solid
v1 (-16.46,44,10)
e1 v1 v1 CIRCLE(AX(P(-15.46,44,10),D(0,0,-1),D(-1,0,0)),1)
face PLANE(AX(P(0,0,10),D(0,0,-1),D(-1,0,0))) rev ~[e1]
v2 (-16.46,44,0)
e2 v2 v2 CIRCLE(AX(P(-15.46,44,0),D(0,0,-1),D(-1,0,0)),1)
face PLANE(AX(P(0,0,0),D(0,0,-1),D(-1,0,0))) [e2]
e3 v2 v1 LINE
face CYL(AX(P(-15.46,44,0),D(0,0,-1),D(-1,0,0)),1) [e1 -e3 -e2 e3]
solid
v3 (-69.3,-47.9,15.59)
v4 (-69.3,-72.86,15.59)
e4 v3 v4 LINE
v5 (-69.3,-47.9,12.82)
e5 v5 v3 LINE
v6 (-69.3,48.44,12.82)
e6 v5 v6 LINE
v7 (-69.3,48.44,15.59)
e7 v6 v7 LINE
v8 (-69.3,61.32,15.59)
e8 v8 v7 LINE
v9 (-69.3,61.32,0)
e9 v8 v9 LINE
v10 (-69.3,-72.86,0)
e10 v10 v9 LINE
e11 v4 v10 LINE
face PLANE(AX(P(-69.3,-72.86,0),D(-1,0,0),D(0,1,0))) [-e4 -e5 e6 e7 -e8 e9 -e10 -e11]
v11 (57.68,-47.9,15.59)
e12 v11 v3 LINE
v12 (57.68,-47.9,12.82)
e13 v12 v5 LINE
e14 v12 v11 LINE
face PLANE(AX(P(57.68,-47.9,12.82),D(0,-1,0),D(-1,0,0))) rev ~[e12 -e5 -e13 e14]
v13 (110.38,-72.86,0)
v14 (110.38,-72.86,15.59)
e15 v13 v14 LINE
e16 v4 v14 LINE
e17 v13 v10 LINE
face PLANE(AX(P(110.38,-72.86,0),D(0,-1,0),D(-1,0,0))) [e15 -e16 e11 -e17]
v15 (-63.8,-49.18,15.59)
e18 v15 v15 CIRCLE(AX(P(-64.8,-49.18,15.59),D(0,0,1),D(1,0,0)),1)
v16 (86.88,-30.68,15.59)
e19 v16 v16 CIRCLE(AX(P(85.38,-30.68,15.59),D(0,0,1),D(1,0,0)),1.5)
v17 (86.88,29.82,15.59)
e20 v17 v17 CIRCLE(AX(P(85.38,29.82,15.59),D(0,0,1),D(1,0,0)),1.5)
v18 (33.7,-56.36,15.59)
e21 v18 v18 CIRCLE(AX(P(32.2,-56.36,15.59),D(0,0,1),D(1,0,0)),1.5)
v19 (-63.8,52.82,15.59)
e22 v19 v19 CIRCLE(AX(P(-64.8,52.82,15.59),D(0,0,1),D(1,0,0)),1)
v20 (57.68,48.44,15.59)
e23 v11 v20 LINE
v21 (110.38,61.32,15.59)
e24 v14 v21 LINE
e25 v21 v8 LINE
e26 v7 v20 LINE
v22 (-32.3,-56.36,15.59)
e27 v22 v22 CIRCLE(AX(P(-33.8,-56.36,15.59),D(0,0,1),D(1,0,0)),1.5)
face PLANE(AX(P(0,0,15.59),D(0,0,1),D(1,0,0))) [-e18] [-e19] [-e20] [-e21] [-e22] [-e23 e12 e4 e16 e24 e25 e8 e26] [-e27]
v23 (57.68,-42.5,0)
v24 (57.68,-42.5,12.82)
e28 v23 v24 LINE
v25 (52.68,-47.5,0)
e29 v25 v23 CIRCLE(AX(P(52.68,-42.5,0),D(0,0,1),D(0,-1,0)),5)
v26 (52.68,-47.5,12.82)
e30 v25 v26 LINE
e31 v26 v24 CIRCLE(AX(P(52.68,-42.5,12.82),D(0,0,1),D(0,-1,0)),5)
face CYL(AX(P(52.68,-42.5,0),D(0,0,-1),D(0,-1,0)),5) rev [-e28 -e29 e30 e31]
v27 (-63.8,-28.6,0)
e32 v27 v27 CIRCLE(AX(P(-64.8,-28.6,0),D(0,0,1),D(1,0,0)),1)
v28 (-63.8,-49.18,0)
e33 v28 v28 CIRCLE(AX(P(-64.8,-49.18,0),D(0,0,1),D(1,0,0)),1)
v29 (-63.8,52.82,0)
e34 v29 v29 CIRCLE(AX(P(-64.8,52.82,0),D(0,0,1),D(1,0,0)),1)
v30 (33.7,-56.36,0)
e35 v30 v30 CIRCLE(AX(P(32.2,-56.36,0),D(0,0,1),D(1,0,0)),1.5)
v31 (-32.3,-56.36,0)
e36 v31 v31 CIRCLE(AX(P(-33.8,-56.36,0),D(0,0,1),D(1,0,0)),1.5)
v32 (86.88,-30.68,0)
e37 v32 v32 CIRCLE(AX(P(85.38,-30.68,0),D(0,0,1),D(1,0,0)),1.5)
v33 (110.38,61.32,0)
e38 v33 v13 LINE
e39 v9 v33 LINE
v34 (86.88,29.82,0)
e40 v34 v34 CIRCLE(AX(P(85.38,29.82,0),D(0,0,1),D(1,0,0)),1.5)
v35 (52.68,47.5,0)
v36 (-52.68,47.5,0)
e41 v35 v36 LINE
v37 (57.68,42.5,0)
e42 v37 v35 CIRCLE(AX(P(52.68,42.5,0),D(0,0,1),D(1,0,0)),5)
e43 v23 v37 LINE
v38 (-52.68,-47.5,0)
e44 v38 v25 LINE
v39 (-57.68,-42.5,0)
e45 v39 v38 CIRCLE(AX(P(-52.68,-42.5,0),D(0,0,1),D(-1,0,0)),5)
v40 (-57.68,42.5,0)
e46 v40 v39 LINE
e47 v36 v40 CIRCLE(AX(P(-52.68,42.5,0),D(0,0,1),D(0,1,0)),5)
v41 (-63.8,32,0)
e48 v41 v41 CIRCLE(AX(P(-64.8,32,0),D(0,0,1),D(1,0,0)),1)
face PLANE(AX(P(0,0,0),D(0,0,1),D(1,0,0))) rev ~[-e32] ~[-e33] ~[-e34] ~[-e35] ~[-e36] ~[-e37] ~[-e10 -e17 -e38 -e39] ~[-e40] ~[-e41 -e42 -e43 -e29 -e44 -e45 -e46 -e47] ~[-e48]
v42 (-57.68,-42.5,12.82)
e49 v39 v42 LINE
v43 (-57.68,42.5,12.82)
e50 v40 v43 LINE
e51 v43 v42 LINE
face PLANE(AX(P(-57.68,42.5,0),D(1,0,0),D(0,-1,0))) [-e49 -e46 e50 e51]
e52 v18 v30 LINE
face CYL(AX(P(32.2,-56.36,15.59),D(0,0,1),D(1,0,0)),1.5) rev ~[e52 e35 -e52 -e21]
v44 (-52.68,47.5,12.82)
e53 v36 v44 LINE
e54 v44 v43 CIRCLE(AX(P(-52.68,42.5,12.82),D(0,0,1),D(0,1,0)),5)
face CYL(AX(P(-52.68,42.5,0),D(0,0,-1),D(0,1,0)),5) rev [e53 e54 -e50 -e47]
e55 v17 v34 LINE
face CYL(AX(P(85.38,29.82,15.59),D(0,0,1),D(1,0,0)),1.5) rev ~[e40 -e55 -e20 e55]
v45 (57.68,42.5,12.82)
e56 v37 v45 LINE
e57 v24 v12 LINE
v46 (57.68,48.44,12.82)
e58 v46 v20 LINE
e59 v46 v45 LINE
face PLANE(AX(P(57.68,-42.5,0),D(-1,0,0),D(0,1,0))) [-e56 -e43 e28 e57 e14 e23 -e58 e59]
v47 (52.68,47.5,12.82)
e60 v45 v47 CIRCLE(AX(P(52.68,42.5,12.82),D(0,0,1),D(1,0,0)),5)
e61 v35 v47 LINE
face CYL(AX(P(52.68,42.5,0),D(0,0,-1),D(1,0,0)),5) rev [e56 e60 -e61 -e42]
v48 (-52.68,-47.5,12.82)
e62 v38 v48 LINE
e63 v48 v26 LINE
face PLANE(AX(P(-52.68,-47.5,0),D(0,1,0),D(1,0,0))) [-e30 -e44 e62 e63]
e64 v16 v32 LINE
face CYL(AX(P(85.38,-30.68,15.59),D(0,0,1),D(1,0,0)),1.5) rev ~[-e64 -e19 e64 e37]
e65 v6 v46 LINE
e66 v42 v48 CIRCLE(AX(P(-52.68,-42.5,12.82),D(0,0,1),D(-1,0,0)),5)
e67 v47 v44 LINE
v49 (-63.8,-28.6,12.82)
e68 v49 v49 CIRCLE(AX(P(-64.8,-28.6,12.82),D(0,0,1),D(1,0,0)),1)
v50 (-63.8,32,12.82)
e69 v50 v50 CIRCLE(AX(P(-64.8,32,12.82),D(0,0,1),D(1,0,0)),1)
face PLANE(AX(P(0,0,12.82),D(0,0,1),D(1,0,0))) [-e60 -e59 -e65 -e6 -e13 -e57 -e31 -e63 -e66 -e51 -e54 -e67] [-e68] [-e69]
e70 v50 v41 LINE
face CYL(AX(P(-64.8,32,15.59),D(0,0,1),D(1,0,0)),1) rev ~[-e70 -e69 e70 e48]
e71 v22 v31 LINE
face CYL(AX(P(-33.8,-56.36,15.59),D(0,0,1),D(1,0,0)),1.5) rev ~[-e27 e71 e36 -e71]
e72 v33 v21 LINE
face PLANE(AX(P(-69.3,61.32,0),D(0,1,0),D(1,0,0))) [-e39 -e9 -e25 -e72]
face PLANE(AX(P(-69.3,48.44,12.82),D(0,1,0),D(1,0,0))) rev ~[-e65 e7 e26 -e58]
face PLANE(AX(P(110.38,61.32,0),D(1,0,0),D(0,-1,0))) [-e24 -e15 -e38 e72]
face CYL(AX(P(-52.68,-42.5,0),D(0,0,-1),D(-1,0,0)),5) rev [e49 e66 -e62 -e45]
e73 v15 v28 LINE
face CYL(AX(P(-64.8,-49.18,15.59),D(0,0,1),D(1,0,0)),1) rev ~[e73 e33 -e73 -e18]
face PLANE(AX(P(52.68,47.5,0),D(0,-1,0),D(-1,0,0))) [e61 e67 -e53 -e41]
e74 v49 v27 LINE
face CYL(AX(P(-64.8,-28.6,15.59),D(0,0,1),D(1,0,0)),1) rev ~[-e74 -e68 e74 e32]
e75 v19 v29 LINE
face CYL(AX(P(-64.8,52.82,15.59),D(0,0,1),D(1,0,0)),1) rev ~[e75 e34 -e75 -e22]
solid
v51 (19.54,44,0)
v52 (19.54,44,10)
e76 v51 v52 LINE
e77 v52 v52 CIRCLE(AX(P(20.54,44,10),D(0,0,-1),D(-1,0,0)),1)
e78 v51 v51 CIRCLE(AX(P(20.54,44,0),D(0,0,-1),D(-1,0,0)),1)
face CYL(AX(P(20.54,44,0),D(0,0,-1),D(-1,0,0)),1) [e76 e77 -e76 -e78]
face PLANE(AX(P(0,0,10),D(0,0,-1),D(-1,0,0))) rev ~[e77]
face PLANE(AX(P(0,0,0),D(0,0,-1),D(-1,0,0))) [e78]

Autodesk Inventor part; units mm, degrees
ref_plane "YZ Plane" through (0, 0, 0) normal (1, 0, 0) x (0, 1, 0)
ref_plane "XZ Plane" through (0, 0, 0) normal (0, 1, 0) x (-1, 0, 0)
ref_plane "XY Plane" through (0, 0, 0) normal (0, 0, 1) x (1, 0, 0)
sketch "Skizze1" plane through (0, 0, 0) normal (0, 0, 1) x (1, 0, 0)
  line L0 (52.68, 47.5) -> (-52.68, 47.5)
  line L1 (-57.68, 42.5) -> (-57.68, -42.5)
  line L2 (-52.68, -47.5) -> (52.68, -47.5)
  line L3 (57.68, -42.5) -> (57.68, 42.5)
  line L4 (57.68, 47.5) -> (-57.68, -47.5) construction
  line L5 (-57.68, 47.5) -> (57.68, -47.5) construction
  arc A0 (-52.68, 47.5) -> (-57.68, 42.5) centre (-52.68, 42.5) ccw
  arc A1 (57.68, 42.5) -> (52.68, 47.5) centre (52.68, 42.5) ccw
  arc A2 (52.68, -47.5) -> (57.68, -42.5) centre (52.68, -42.5) ccw
  arc A3 (-57.68, -42.5) -> (-52.68, -47.5) centre (-52.68, -42.5) ccw
  line L6 (110.38, -72.86) -> (-69.3, -72.86)
  line L7 (-69.3, -72.86) -> (-69.3, 61.32)
  line L8 (-69.3, 61.32) -> (110.38, 61.32)
  line L9 (110.38, 61.32) -> (110.38, -72.86)
  point P0 (0, 0)
  dimension "d0" = 115.36
  dimension "d1" = 95
  dimension "d2" = 5
  dimension "d3" = 52.7
  dimension "d4" = 25.36
  dimension "d5" = 11.62
  dimension "d6" = 13.82
extrude "Extrusion1" add sketch "Skizze1" along normal blind 12.82
sketch "Skizze2" plane through (0, 0, 12.82) normal (0, 0, 1) x (1, 0, 0)
  line L0 (110.38, 61.32) -> (-69.3, 61.32) projected
  line L1 (-69.3, 61.32) -> (-69.3, -72.86) projected
  line L2 (-69.3, -72.86) -> (110.38, -72.86) projected
  line L3 (110.38, -72.86) -> (110.38, 61.32) projected
  arc A0 (57.68, 42.5) -> (52.68, 47.5) centre (52.68, 42.5) ccw projected
  line L4 (57.68, 42.5) -> (57.68, -42.5) projected
  arc A1 (52.68, -47.5) -> (57.68, -42.5) centre (52.68, -42.5) ccw projected
  line L5 (52.68, -47.5) -> (-52.68, -47.5) projected
  arc A2 (-57.68, -42.5) -> (-52.68, -47.5) centre (-52.68, -42.5) ccw projected
  line L6 (-57.68, -42.5) -> (-57.68, 42.5) projected
  arc A3 (-52.68, 47.5) -> (-57.68, 42.5) centre (-52.68, 42.5) ccw projected
  line L7 (-52.68, 47.5) -> (52.68, 47.5) projected
  line L8 (-74.2294, 48.44) -> (57.68, 48.44)
  line L9 (57.68, 48.44) -> (57.68, -47.9)
  line L10 (57.68, -47.9) -> (-74.2294, -47.9)
  line L11 (-74.2294, -47.9) -> (-74.2294, 48.44)
  point P0 (0, 0)
  point P1 (-69.3, 48.44)
  point P2 (-69.3, -47.9)
  dimension "d9" = 12.88
  dimension "d10" = 0.4
extrude "Extrusion2" add sketch "Skizze2" along normal blind 2.77 contours L3 L2 L1 L10 L9 L4 L8 L0
sketch "Skizze3" plane through (0, 0, 15.59) normal (0, 0, 1) x (1, 0, 0)
  line L0 (-69.3, 61.32) -> (-69.3, 48.44) projected
  line L1 (-69.3, 48.44) -> (57.68, 48.44) projected
  line L2 (57.68, 48.44) -> (57.68, -47.9) projected
  line L3 (57.68, -47.9) -> (-69.3, -47.9) projected
  line L4 (-69.3, -47.9) -> (-69.3, -72.86) projected
  line L5 (-69.3, -72.86) -> (110.38, -72.86) projected
  line L6 (110.38, -72.86) -> (110.38, 61.32) projected
  line L7 (110.38, 61.32) -> (-69.3, 61.32) projected
  circle A0 centre (-64.8, 52.82) radius 1
  circle A1 centre (-64.8, 32) radius 1
  circle A2 centre (-64.8, -28.6) radius 1
  circle A3 centre (85.38, 29.82) radius 1.5
  circle A4 centre (85.38, -30.68) radius 1.5
  circle A5 centre (32.2, -56.36) radius 1.5
  circle A6 centre (-33.8, -56.36) radius 1.5
  circle A7 centre (-64.8, -49.18) radius 1
  line L8 (-69.3, 48.44) -> (-69.3, -47.9) projected
  point P0 (0, 0)
  dimension "d13" = 2
  dimension "d14" = 2
  dimension "d15" = 2
  dimension "d16" = 3
  dimension "d17" = 3
  dimension "d18" = 3
  dimension "d19" = 3
  dimension "d20" = 2
  dimension "d21" = 8.5
  dimension "d22" = 4.5
  dimension "d23" = 4.5
  dimension "d24" = 4.5
  dimension "d25" = 4.5
  dimension "d26" = 20.82
  dimension "d27" = 81.42
  dimension "d28" = 102
  dimension "d29" = 16.5
  dimension "d30" = 16.5
  dimension "d31" = 66
  dimension "d32" = 35.5
  dimension "d33" = 25
  dimension "d34" = 25
  dimension "d35" = 31.5
  dimension "d36" = 60.5
extrude "Extrusion3" cut sketch "Skizze3" against normal through all contours A0 | A1 | A2 | A3 | A4 | A5 | A6 | A7
sketch "Skizze4" plane through (0, 0, 0) normal (0, 0, -1) x (-1, 0, 0)
  circle A0 centre (-85.38, -30.68) radius 1.5 projected
  circle A1 centre (64.8, -28.6) radius 1 projected
  circle A2 centre (64.8, -49.18) radius 1 projected
  circle A3 centre (-85.38, 29.82) radius 1.5 projected
  circle A4 centre (-32.2, -56.36) radius 1.5 projected
  circle A5 centre (64.8, 32) radius 1 projected
  circle A6 centre (33.8, -56.36) radius 1.5 projected
  circle A7 centre (64.8, 52.82) radius 1 projected
  line L0 (-110.38, 61.32) -> (69.3, 61.32) projected
  line L1 (-110.38, -72.86) -> (-110.38, 61.32) projected
  line L2 (69.3, -72.86) -> (-110.38, -72.86) projected
  line L3 (69.3, 61.32) -> (69.3, -72.86) projected
  arc A8 (-52.68, 47.5) -> (-57.68, 42.5) centre (-52.68, 42.5) ccw projected
  line L4 (52.68, 47.5) -> (-52.68, 47.5) projected
  arc A9 (57.68, 42.5) -> (52.68, 47.5) centre (52.68, 42.5) ccw projected
  line L5 (57.68, -42.5) -> (57.68, 42.5) projected
  arc A10 (52.68, -47.5) -> (57.68, -42.5) centre (52.68, -42.5) ccw projected
  line L6 (-52.68, -47.5) -> (52.68, -47.5) projected
  arc A11 (-57.68, -42.5) -> (-52.68, -47.5) centre (-52.68, -42.5) ccw projected
  line L7 (-57.68, 42.5) -> (-57.68, -42.5) projected
  circle A12 centre (15.46, 44) radius 1
  circle A13 centre (-20.54, 44) radius 1
  point P0 (0, 0)
  dimension "d39" = 2
  dimension "d40" = 2
  dimension "d41" = 3.5
  dimension "d42" = 3.5
  dimension "d43" = 36
extrude "Extrusion4" add sketch "Skizze4" against normal blind 10 contours A12 | A13
ref_plane "Arbeitsebene1" through (0, -42.5, 0) normal (1, 0, 0) x (0, 0, -1)
properties part number "30_XYTabel_Aliexpress_xslide"
